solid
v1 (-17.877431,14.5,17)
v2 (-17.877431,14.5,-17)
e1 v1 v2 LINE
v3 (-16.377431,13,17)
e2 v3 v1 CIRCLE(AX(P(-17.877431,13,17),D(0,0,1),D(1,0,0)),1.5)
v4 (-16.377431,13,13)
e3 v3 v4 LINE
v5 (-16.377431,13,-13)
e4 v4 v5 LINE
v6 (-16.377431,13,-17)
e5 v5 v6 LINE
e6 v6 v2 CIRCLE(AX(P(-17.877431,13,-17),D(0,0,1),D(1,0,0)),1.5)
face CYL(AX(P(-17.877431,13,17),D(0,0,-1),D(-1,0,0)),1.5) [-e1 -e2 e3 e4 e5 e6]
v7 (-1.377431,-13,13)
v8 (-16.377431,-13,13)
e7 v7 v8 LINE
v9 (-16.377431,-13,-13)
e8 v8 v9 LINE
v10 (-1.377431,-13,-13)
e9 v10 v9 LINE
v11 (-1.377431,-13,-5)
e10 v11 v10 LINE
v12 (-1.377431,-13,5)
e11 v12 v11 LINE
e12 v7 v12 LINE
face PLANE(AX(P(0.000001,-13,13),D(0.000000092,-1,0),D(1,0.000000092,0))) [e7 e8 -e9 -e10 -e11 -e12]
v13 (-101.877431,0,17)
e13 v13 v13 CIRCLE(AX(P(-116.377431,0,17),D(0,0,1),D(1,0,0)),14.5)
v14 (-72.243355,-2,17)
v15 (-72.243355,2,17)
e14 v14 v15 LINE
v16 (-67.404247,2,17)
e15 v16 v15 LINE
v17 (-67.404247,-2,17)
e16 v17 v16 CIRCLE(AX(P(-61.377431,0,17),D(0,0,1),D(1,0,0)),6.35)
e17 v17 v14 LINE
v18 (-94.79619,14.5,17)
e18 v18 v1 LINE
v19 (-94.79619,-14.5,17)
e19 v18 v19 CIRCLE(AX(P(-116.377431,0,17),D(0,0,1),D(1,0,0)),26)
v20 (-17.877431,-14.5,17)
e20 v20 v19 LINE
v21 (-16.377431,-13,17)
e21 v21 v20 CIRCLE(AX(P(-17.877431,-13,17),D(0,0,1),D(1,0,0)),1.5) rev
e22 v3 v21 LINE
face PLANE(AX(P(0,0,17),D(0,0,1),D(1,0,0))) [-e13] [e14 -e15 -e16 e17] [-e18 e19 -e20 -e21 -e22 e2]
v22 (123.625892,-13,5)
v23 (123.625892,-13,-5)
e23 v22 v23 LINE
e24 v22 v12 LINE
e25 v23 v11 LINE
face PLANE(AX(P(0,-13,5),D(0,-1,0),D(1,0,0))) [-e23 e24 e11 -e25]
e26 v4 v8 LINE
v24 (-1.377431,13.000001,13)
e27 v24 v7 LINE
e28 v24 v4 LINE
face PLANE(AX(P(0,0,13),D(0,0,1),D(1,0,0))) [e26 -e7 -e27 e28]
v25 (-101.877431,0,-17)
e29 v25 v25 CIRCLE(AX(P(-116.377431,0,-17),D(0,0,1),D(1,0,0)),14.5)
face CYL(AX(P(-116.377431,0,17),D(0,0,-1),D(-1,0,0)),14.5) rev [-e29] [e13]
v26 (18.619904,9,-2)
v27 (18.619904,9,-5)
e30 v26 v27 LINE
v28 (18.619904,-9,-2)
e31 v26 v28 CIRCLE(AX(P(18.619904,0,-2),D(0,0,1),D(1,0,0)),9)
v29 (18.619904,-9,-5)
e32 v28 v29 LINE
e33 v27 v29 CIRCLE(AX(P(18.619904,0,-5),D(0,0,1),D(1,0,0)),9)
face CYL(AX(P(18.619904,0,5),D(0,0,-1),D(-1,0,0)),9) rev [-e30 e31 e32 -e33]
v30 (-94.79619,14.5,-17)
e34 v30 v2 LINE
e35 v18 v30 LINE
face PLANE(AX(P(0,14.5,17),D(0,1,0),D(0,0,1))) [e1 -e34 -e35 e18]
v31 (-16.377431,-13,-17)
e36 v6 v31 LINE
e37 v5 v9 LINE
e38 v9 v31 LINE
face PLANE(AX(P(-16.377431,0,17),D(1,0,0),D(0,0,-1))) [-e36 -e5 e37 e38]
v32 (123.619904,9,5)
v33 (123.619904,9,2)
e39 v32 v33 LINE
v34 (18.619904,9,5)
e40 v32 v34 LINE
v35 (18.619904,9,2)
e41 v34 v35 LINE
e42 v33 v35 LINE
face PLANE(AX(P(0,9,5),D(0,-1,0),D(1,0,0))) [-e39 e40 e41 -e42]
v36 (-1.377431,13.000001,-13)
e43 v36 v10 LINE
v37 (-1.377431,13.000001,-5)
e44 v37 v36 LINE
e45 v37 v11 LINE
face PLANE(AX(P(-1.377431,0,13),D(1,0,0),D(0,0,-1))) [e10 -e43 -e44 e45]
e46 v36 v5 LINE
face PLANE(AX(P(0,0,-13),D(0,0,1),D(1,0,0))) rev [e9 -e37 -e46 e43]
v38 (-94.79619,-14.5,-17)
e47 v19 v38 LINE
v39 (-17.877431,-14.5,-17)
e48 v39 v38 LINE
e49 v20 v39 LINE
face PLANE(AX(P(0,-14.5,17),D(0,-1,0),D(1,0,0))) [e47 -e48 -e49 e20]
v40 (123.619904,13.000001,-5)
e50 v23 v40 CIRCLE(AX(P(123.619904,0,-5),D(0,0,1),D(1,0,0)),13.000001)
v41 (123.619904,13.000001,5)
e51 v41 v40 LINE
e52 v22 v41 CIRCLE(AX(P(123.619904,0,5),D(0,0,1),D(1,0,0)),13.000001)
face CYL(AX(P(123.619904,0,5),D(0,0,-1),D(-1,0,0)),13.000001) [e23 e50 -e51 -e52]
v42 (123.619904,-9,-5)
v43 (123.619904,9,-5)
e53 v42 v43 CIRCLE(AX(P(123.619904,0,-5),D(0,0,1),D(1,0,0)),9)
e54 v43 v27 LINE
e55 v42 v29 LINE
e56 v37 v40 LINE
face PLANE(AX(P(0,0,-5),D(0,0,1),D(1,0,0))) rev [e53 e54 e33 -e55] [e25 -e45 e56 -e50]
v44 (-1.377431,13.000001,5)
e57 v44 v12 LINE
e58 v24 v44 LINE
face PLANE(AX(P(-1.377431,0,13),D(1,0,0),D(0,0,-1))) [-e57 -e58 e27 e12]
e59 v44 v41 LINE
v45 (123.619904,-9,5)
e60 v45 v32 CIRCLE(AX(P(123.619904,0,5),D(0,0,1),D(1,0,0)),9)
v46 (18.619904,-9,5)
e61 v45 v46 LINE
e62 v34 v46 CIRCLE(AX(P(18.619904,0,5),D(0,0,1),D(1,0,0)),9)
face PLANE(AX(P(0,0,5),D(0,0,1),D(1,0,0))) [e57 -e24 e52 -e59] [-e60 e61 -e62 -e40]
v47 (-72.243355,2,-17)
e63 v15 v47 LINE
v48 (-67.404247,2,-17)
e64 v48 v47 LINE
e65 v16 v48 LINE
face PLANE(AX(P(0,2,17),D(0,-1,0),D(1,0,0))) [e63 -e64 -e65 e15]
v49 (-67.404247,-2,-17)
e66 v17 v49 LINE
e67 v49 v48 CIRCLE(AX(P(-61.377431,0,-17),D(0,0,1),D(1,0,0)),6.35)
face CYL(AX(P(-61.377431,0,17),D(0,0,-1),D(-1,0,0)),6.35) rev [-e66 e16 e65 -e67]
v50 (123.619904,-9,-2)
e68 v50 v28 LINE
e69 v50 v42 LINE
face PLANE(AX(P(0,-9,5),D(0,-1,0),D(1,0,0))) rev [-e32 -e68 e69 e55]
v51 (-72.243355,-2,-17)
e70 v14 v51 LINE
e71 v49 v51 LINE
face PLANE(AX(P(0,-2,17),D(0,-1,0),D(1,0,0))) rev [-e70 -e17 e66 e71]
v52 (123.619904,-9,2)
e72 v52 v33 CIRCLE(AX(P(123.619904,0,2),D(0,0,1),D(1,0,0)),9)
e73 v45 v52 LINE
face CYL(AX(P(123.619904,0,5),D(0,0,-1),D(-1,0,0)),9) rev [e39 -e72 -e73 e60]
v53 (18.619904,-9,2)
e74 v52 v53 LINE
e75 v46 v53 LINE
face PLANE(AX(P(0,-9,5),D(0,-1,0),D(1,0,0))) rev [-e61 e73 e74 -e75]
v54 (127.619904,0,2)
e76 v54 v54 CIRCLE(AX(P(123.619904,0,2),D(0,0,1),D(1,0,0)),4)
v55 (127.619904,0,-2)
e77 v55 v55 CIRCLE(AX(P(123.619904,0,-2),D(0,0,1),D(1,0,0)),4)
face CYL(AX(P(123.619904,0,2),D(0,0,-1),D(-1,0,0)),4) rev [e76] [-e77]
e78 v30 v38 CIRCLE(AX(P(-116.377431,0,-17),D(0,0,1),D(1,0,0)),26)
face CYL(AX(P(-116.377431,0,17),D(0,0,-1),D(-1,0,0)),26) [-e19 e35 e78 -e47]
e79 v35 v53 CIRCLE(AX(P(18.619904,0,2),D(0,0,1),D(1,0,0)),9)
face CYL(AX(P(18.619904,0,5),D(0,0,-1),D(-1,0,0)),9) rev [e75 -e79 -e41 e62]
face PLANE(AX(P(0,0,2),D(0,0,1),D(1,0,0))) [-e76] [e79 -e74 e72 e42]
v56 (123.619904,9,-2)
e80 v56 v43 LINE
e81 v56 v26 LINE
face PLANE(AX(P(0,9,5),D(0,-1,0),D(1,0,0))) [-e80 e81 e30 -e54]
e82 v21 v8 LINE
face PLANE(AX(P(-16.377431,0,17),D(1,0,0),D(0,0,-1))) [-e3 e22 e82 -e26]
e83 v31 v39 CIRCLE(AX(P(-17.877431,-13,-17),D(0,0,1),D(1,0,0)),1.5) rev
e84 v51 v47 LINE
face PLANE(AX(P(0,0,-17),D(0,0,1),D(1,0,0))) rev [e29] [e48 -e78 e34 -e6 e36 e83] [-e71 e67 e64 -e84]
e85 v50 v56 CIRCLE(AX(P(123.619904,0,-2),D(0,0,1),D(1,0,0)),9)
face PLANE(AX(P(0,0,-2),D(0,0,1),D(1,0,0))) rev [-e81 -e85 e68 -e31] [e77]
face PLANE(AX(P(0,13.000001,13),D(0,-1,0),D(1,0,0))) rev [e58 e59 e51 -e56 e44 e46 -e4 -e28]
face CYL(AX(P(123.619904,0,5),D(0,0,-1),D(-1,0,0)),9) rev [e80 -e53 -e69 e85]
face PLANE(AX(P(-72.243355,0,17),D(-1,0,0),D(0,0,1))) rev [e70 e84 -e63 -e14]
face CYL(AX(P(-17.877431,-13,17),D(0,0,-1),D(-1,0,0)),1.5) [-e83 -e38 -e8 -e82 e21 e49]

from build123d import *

# Parameters (mm, degrees)
ESBO_O1_R                = 14.5
RESSALTO_EXTRUS_O1_DEPTH = 17
ESBO_O1_4_R              = 14.5
ESBO_O1_4_R_2            = 4
RESSALTO_EXTRUS_O2_DEPTH = 13
RESSALTO_EXTRUS_O3_DEPTH = 5
ESBO_O1_9_R              = 4
RESSALTO_EXTRUS_O4_DEPTH = 2


with BuildPart() as part:
    # Esboço1 → Ressalto-extrusão1 (new, symmetric)
    with BuildSketch(Plane.XY):
        with BuildLine():
            ThreePointArc((-16.377431433, -13), (-16.816771262, -14.060660172), (-17.877431433, -14.5))
            Line((-17.877431433, -14.5), (-93.857447864, -14.5))
            Line((-93.857447864, -14.5), (-94.796189578, -14.5))
            ThreePointArc((-94.796189578, -14.5), (-142.377431433, 0), (-94.796189578, 14.5))
            Line((-94.796189578, 14.5), (-93.857447864, 14.5))
            Line((-93.857447864, 14.5), (-17.877431433, 14.5))
            ThreePointArc((-17.877431433, 14.5), (-16.816771262, 14.060660172), (-16.377431433, 13))
            Line((-16.377431433, 13), (-16.377431433, -13))
        make_face()
        with Locations((-116.377431433, 0)):
            Circle(ESBO_O1_R, mode=Mode.SUBTRACT)
        with BuildLine():
            ThreePointArc((-67.404246513, -2), (-55.027431433, 0), (-67.404246513, 2))
            Line((-67.404246513, 2), (-72.243354514, 2))
            Line((-72.243354514, 2), (-72.243354514, -2))
            Line((-72.243354514, -2), (-67.404246513, -2))
        make_face(mode=Mode.SUBTRACT)
    extrude(amount=RESSALTO_EXTRUS_O1_DEPTH, both=True)

    # Esboço1<4> → Ressalto-extrusão2 (add, symmetric)
    # profile 1 of 3: a face of its own
    with BuildSketch(Plane.XY):
        with BuildLine():
            Line((-17.877431433, 14.5), (-93.857447864, 14.5))
            Line((-93.857447864, 14.5), (-94.796189578, 14.5))
            ThreePointArc((-94.796189578, 14.5), (-142.377431433, 0), (-94.796189578, -14.5))
            Line((-94.796189578, -14.5), (-93.857447864, -14.5))
            Line((-93.857447864, -14.5), (-17.877431433, -14.5))
            ThreePointArc((-17.877431433, -14.5), (-16.816771262, -14.060660172), (-16.377431433, -13))
            Line((-16.377431433, -13), (-16.377431433, 13))
            ThreePointArc((-16.377431433, 13), (-16.816771262, 14.060660172), (-17.877431433, 14.5))
        make_face()
        with Locations((-116.377431433, 0)):
            Circle(ESBO_O1_4_R, mode=Mode.SUBTRACT)
        with BuildLine():
            ThreePointArc((-67.404246513, 2), (-55.027431433, 0), (-67.404246513, -2))
            Line((-67.404246513, -2), (-72.243354514, -2))
            Line((-72.243354514, -2), (-72.243354514, 2))
            Line((-72.243354514, 2), (-67.404246513, 2))
        make_face(mode=Mode.SUBTRACT)
    # profile 2 of 3: a face of its own
    with BuildSketch(Plane.XY):
        Polygon((-1.377431433, 13.000001379), (-16.377431433, 13), (-16.377431433, -13), (-1.377431433, -13), align=None)
    # profile 3 of 3: a face of its own
    with BuildSketch(Plane.XY):
        with Locations((123.619903756, 0)):
            Circle(ESBO_O1_4_R_2)
    extrude(amount=RESSALTO_EXTRUS_O2_DEPTH, both=True)


with BuildPart() as ressalto_extrus_o2_kept_piece:
    # of the separate pieces the step leaves, the one the design keeps (ressalto_extrus_o2_pieces_kept)
    add(part.part.solids().sort_by_distance((-16.377431433, -13, -17))[0])

    # Esboço1<8> → Ressalto-extrusão3 (add, symmetric)
    with BuildSketch(Plane.XY):
        with BuildLine():
            Line((123.625891638, -13), (-1.377431433, -13))
            Line((-1.377431433, -13), (-1.377431433, 13.000001379))
            Line((-1.377431433, 13.000001379), (123.619903756, 13.000001379))
            ThreePointArc((123.619903756, 13.000001379), (136.61990479, 0.002993941), (123.625891638, -13))
        make_face()
        with BuildLine():
            ThreePointArc((18.619903756, 9), (9.619903756, 0), (18.619903756, -9))
            Line((18.619903756, -9), (123.619903756, -9))
            ThreePointArc((123.619903756, -9), (132.619903756, 0), (123.619903756, 9))
            Line((123.619903756, 9), (18.619903756, 9))
        make_face(mode=Mode.SUBTRACT)
    extrude(amount=RESSALTO_EXTRUS_O3_DEPTH, both=True)

    # Esboço1<9> → Ressalto-extrusão4 (add, symmetric)
    with BuildSketch(Plane.XY):
        with BuildLine():
            Line((123.619903756, 9), (18.619903756, 9))
            ThreePointArc((18.619903756, 9), (9.619903756, 0), (18.619903756, -9))
            Line((18.619903756, -9), (123.619903756, -9))
            ThreePointArc((123.619903756, -9), (132.619903756, 0), (123.619903756, 9))
        make_face()
        with Locations((123.619903756, 0)):
            Circle(ESBO_O1_9_R, mode=Mode.SUBTRACT)
    extrude(amount=RESSALTO_EXTRUS_O4_DEPTH, both=True)


solid = ressalto_extrus_o2_kept_piece.part
